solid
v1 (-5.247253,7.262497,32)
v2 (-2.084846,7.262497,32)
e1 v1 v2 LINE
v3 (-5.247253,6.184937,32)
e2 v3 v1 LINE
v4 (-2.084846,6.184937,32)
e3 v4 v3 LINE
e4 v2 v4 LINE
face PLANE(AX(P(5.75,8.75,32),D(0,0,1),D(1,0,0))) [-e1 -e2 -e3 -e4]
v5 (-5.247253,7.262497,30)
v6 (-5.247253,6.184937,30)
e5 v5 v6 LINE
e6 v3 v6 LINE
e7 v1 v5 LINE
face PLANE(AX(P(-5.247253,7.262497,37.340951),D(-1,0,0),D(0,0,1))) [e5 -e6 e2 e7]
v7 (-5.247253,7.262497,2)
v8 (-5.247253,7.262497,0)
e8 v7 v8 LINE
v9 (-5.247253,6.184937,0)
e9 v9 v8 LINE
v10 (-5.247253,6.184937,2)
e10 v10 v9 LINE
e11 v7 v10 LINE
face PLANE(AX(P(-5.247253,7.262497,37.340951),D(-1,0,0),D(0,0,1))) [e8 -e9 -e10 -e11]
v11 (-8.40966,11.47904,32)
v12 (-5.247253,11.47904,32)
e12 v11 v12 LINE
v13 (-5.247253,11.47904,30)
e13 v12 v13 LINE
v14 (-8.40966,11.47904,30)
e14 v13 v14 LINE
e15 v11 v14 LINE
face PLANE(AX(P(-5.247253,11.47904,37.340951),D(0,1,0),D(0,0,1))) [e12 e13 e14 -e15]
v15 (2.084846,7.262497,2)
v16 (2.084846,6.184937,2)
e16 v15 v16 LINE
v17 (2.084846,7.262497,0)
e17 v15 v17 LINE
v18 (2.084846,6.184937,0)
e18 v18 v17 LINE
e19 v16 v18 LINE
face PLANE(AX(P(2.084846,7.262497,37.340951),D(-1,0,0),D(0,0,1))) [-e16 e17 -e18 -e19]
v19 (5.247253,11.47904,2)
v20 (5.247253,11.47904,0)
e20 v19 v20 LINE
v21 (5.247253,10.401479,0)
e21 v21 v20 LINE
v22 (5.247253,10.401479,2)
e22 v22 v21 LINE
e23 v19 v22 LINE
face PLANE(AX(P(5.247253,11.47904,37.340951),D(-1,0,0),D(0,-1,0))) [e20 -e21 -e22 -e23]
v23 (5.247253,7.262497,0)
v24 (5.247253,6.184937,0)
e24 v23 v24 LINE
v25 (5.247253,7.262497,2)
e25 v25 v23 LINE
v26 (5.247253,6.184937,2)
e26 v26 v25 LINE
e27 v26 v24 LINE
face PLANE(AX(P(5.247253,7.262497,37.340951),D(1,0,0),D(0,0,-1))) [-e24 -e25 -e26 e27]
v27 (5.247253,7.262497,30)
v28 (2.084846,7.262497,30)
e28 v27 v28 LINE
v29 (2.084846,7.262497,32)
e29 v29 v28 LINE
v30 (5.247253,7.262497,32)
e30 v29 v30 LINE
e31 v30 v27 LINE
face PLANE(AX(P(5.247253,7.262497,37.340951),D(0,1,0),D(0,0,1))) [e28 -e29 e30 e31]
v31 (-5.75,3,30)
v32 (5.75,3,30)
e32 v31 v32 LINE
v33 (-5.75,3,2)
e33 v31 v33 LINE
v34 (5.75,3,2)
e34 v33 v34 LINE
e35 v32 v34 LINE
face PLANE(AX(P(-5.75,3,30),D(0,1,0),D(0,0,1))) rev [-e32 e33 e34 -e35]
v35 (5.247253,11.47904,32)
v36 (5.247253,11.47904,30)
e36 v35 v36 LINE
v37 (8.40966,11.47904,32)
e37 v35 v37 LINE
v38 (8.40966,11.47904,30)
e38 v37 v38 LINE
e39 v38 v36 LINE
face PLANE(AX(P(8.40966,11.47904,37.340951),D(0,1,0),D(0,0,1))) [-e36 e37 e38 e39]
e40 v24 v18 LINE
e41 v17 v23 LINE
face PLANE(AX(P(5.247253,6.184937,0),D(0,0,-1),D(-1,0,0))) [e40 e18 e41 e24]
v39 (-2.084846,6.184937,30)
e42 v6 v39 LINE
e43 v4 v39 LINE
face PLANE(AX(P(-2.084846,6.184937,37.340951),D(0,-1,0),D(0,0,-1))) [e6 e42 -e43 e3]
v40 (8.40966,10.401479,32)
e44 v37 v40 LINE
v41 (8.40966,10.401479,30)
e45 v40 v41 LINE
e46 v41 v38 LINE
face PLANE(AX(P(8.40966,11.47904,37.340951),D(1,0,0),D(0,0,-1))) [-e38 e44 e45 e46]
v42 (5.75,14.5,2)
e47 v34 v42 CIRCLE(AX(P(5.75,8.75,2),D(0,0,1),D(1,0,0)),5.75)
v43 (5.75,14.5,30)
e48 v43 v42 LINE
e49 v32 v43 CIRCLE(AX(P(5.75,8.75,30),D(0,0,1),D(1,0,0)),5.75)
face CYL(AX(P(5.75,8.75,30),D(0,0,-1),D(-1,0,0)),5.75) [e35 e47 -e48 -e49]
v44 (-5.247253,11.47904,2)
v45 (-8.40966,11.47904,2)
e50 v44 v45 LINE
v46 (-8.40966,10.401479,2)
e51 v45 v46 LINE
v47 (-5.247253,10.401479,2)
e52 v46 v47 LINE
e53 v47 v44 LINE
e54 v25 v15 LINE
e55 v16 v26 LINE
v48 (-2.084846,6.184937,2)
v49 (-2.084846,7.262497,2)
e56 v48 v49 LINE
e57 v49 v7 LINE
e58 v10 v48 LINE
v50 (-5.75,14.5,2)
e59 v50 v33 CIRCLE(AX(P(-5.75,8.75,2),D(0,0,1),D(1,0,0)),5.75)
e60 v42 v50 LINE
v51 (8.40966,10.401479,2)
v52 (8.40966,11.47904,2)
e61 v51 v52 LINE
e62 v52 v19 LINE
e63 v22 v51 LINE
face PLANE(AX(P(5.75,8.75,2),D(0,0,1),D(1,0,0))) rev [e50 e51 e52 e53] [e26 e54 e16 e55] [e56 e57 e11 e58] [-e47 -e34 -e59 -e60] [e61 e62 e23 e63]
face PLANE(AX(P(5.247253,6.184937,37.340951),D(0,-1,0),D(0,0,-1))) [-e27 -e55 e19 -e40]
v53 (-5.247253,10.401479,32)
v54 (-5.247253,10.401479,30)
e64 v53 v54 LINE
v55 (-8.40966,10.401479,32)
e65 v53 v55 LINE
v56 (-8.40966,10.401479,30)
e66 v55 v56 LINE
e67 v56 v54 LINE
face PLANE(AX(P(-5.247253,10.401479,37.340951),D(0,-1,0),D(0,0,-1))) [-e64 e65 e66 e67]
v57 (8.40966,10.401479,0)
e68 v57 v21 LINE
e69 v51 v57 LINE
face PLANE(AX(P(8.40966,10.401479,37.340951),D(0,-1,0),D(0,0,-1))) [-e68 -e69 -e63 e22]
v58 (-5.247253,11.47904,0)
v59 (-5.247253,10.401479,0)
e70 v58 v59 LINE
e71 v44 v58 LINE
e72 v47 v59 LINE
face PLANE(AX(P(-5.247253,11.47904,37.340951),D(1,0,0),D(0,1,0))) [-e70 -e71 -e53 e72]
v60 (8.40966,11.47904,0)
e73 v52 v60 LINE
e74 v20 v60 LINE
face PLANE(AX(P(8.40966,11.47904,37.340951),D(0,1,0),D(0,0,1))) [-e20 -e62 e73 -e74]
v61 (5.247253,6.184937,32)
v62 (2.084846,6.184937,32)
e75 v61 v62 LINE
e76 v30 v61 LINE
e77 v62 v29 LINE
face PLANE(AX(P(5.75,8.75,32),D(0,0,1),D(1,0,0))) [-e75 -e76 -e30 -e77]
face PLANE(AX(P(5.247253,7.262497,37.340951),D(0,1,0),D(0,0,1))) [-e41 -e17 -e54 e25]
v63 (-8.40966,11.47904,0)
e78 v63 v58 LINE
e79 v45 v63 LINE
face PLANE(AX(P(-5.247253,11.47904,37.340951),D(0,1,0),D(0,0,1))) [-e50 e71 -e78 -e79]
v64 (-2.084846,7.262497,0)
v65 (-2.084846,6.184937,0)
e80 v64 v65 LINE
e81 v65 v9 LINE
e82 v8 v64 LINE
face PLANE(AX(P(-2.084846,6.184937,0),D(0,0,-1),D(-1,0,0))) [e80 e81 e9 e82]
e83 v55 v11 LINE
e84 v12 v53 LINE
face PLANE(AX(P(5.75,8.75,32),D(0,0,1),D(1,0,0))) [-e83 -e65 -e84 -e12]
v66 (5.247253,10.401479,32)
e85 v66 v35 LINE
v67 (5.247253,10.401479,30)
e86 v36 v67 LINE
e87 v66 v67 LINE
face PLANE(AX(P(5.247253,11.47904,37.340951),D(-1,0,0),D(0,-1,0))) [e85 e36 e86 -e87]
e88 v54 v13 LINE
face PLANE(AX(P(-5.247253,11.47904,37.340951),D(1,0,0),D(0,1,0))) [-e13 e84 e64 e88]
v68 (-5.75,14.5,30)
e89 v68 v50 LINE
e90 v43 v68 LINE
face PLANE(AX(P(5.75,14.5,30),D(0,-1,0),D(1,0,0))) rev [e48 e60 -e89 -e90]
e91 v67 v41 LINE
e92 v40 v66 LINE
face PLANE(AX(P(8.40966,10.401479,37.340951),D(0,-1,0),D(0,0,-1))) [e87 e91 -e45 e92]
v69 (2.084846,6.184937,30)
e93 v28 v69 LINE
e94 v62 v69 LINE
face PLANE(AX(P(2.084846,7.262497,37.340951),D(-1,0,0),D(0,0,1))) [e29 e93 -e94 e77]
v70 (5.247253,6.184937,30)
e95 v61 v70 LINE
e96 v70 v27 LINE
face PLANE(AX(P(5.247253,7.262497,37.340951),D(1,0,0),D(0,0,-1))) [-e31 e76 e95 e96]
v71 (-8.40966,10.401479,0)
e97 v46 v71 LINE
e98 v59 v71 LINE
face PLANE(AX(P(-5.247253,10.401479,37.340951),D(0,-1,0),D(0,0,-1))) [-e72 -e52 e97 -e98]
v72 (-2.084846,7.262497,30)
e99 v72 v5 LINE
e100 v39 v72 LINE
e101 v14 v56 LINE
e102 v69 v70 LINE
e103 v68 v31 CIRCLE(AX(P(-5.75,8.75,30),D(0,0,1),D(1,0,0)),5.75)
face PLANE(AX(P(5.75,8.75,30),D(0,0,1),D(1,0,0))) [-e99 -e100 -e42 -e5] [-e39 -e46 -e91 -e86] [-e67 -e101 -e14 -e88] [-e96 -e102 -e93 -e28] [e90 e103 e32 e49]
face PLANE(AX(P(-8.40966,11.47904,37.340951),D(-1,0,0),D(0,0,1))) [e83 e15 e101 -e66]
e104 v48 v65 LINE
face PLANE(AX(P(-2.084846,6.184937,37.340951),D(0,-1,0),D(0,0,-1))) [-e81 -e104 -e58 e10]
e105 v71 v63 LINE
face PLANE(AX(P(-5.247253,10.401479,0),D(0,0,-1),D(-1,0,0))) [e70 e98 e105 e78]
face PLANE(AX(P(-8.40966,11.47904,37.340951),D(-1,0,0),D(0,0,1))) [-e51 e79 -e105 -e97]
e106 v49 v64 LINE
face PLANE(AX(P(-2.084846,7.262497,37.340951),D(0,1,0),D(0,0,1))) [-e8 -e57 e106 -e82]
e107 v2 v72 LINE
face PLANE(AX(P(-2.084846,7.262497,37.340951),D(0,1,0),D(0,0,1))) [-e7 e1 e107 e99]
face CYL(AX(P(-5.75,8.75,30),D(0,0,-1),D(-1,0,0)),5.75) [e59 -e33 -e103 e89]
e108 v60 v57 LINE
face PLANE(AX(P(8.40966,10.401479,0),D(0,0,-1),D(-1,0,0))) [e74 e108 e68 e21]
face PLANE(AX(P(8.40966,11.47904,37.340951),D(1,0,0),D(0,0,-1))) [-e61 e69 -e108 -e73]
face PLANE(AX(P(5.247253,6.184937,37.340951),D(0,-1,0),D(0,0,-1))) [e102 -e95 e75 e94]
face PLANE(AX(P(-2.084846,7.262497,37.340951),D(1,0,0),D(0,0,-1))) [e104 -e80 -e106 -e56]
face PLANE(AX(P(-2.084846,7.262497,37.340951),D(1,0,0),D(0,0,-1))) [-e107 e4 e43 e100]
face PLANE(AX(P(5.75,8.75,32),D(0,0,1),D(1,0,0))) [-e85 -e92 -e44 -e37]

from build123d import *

# Parameters (mm, degrees)
EXTRUDE1_START      = 2
EXTRUDE1_DEPTH      = 28
EXTRUDE2_DEPTH      = 2
EXTRUDE2_DEPTH_BACK = 30
SKETCH4_W           = 3.162406988
SKETCH4_H           = 1.077560899
SKETCH4_H_2         = 1.0775609


with BuildPart() as part:
    # Sketch1 → Extrude1 (new body)
    with BuildSketch(Plane.XY.offset(EXTRUDE1_START)):
        with BuildLine():
            Line((5.75, 14.5), (-5.75, 14.5))
            ThreePointArc((-5.75, 14.5), (-11.5, 8.75), (-5.75, 3))
            Line((-5.75, 3), (5.75, 3))
            ThreePointArc((5.75, 3), (11.5, 8.75), (5.75, 14.5))
        make_face()
    extrude(amount=EXTRUDE1_DEPTH)

    # Sketch4 → Extrude2 (add, two sides: drawn at the far end of the back side and taken through both)
    with BuildSketch(Plane(origin=(0, 0, 2), x_dir=(-1, 0, 0), z_dir=(0, 0, -1)).offset(-EXTRUDE2_DEPTH_BACK)):
        with Locations((-6.82845657, 10.940259655)):
            Rectangle(SKETCH4_W, SKETCH4_H)
        with Locations((-3.666049582, 6.723717004)):
            Rectangle(SKETCH4_W, SKETCH4_H_2)
        with Locations((3.666049582, 6.723717004)):
            Rectangle(SKETCH4_W, SKETCH4_H_2)
        with Locations((6.82845657, 10.940259655)):
            Rectangle(SKETCH4_W, SKETCH4_H)
    extrude(amount=EXTRUDE2_DEPTH + EXTRUDE2_DEPTH_BACK)


solid = part.part
